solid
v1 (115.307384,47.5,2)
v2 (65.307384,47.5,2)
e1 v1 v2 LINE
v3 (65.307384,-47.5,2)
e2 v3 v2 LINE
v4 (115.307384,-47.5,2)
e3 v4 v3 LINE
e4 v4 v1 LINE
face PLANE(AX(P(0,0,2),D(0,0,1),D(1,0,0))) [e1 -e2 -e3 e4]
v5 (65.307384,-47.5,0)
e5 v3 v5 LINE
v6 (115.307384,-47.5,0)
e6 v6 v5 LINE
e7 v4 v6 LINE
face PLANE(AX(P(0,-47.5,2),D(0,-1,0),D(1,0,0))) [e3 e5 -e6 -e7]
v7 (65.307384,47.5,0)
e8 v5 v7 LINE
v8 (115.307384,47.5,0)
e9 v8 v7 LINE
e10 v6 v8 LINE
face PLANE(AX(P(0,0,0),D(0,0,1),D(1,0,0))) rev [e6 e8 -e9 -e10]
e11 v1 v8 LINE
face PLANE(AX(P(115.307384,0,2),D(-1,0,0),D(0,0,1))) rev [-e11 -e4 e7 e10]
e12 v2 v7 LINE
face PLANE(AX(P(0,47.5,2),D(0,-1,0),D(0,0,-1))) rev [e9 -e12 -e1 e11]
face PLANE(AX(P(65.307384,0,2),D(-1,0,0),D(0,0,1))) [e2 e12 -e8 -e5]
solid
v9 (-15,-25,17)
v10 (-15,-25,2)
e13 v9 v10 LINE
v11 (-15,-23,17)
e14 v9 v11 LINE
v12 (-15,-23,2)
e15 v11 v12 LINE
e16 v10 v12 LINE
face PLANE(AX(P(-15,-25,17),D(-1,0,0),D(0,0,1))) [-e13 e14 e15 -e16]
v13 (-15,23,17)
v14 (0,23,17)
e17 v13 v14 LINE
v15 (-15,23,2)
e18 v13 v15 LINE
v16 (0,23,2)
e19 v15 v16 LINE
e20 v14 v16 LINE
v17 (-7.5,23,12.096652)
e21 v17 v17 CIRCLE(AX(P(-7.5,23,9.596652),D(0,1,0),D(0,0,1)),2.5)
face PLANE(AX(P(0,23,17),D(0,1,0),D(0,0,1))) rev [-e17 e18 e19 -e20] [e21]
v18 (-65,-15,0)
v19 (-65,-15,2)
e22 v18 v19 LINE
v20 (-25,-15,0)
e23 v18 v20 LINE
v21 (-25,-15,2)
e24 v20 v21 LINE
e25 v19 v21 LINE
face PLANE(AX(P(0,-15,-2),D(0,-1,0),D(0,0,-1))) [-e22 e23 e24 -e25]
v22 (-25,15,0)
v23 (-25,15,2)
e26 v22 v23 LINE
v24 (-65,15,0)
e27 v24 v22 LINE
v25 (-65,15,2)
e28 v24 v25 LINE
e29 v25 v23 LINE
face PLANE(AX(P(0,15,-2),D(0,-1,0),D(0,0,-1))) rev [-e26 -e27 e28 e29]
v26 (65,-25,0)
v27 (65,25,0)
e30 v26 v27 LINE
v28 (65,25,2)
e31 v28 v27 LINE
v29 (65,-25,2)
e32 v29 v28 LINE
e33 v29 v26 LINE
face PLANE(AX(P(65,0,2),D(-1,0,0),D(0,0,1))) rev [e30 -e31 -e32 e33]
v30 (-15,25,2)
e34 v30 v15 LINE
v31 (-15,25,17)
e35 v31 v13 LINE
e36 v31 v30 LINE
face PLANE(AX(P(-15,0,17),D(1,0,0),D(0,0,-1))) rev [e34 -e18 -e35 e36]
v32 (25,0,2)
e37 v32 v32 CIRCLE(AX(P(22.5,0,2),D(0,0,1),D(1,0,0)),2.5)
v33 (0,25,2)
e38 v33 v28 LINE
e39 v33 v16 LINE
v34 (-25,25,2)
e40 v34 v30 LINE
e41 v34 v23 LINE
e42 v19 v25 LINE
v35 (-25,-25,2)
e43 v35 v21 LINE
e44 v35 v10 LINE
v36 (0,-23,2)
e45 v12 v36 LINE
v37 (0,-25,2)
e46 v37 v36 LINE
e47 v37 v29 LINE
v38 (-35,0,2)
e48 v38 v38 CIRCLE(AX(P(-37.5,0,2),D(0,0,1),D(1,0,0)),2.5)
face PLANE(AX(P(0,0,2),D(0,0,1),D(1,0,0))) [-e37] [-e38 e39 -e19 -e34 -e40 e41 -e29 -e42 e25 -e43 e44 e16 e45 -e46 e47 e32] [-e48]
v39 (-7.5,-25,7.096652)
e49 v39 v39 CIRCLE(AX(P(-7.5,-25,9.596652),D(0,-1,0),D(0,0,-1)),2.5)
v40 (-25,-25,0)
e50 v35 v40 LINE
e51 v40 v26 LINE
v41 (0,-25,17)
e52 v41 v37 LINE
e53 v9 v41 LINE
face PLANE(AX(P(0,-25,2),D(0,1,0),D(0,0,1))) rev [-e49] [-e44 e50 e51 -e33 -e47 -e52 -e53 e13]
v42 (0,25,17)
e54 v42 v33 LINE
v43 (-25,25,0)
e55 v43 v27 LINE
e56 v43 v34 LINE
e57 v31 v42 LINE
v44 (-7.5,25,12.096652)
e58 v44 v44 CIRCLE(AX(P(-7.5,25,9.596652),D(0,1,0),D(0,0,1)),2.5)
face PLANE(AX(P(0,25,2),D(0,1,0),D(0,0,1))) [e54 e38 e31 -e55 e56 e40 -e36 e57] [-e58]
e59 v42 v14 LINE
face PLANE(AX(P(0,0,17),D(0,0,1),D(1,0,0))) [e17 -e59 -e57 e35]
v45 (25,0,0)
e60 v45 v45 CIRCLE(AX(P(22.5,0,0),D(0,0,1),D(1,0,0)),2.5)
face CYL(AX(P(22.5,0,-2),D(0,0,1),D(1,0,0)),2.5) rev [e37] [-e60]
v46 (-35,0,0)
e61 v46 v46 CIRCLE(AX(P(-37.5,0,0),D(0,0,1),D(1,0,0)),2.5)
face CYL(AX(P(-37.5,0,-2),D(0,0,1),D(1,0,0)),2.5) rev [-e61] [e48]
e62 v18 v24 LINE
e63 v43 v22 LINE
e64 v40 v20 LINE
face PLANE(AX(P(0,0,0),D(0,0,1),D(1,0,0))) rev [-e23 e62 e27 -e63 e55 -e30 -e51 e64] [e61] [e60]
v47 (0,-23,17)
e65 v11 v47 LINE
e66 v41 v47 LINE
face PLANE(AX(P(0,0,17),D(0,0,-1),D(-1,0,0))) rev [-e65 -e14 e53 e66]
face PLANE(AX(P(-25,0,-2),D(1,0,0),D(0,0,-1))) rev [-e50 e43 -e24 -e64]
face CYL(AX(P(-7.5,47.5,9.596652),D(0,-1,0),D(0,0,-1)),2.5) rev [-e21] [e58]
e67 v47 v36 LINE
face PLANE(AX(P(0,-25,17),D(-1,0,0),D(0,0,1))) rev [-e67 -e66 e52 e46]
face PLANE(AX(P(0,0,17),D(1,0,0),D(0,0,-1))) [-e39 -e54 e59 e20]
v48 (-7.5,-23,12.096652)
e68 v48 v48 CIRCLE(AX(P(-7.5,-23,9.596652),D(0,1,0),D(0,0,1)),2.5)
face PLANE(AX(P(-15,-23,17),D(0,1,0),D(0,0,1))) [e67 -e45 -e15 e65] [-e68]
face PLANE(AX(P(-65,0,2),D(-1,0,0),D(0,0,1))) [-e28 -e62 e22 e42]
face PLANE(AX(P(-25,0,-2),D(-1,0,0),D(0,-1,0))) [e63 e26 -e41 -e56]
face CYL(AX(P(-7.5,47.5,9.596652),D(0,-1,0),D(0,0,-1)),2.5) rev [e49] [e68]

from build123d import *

# Parameters (mm, degrees)
BOSS_EXTRUDE1_DEPTH   = 2
SKETCH1_W             = 50
SKETCH1_H             = 95
BOSS_EXTRUDE1_2_DEPTH = 2
SKETCH1_4_W           = 15
SKETCH1_4_H           = 2
BOSS_EXTRUDE2_DEPTH   = 17
SKETCH2_R             = 2.5
SKETCH2_W             = 40
SKETCH2_H             = 10
CUT_EXTRUDE1_DEPTH    = 4
SKETCH3_R             = 2.5
CUT_EXTRUDE2_DEPTH    = 138.262677829


with BuildPart() as part:
    # Sketch1 → Boss-Extrude1 (new body)
    with BuildSketch(Plane.XY):
        Polygon((-65, 25), (-65, -25), (-15, -25), (-15, -23), (0, -23), (0, -25), (65, -25), (65, 25), (0, 25), (0, 23), (-15, 23), (-15, 25), align=None)
    extrude(amount=BOSS_EXTRUDE1_DEPTH)

    # Sketch1<4> → Boss-Extrude2 (add)
    with BuildSketch(Plane.XY):
        with Locations((-7.5, -24)):
            Rectangle(SKETCH1_4_W, SKETCH1_4_H)
        with Locations((-7.5, 24)):
            Rectangle(SKETCH1_4_W, SKETCH1_4_H)
    extrude(amount=BOSS_EXTRUDE2_DEPTH)

    # Sketch2 → Cut-Extrude1 (cut)
    with BuildSketch(Plane.XY.offset(2)):
        with Locations((-37.5, 0)):
            Circle(SKETCH2_R)
        with Locations((22.5, 0)):
            Circle(SKETCH2_R)
        with Locations((-45, -20)):
            Rectangle(SKETCH2_W, SKETCH2_H)
        with Locations((-45, 20)):
            Rectangle(SKETCH2_W, SKETCH2_H)
    extrude(amount=-CUT_EXTRUDE1_DEPTH, mode=Mode.SUBTRACT)

    # Sketch3 → Cut-Extrude2 (cut, through all)
    with BuildSketch(Plane(origin=(0, -25, 0), x_dir=(-1, 0, 0), z_dir=(0, -1, 0))):
        with Locations((7.5, -9.596652221)):
            Circle(SKETCH3_R)
    extrude(amount=-CUT_EXTRUDE2_DEPTH, mode=Mode.SUBTRACT)


with BuildPart() as body_2:
    # Sketch1 → Boss-Extrude1 2 (new body)
    with BuildSketch(Plane.XY):
        with Locations((90.307383653, 0)):
            Rectangle(SKETCH1_W, SKETCH1_H)
    extrude(amount=BOSS_EXTRUDE1_2_DEPTH)


solid = Compound([part.part, body_2.part])
